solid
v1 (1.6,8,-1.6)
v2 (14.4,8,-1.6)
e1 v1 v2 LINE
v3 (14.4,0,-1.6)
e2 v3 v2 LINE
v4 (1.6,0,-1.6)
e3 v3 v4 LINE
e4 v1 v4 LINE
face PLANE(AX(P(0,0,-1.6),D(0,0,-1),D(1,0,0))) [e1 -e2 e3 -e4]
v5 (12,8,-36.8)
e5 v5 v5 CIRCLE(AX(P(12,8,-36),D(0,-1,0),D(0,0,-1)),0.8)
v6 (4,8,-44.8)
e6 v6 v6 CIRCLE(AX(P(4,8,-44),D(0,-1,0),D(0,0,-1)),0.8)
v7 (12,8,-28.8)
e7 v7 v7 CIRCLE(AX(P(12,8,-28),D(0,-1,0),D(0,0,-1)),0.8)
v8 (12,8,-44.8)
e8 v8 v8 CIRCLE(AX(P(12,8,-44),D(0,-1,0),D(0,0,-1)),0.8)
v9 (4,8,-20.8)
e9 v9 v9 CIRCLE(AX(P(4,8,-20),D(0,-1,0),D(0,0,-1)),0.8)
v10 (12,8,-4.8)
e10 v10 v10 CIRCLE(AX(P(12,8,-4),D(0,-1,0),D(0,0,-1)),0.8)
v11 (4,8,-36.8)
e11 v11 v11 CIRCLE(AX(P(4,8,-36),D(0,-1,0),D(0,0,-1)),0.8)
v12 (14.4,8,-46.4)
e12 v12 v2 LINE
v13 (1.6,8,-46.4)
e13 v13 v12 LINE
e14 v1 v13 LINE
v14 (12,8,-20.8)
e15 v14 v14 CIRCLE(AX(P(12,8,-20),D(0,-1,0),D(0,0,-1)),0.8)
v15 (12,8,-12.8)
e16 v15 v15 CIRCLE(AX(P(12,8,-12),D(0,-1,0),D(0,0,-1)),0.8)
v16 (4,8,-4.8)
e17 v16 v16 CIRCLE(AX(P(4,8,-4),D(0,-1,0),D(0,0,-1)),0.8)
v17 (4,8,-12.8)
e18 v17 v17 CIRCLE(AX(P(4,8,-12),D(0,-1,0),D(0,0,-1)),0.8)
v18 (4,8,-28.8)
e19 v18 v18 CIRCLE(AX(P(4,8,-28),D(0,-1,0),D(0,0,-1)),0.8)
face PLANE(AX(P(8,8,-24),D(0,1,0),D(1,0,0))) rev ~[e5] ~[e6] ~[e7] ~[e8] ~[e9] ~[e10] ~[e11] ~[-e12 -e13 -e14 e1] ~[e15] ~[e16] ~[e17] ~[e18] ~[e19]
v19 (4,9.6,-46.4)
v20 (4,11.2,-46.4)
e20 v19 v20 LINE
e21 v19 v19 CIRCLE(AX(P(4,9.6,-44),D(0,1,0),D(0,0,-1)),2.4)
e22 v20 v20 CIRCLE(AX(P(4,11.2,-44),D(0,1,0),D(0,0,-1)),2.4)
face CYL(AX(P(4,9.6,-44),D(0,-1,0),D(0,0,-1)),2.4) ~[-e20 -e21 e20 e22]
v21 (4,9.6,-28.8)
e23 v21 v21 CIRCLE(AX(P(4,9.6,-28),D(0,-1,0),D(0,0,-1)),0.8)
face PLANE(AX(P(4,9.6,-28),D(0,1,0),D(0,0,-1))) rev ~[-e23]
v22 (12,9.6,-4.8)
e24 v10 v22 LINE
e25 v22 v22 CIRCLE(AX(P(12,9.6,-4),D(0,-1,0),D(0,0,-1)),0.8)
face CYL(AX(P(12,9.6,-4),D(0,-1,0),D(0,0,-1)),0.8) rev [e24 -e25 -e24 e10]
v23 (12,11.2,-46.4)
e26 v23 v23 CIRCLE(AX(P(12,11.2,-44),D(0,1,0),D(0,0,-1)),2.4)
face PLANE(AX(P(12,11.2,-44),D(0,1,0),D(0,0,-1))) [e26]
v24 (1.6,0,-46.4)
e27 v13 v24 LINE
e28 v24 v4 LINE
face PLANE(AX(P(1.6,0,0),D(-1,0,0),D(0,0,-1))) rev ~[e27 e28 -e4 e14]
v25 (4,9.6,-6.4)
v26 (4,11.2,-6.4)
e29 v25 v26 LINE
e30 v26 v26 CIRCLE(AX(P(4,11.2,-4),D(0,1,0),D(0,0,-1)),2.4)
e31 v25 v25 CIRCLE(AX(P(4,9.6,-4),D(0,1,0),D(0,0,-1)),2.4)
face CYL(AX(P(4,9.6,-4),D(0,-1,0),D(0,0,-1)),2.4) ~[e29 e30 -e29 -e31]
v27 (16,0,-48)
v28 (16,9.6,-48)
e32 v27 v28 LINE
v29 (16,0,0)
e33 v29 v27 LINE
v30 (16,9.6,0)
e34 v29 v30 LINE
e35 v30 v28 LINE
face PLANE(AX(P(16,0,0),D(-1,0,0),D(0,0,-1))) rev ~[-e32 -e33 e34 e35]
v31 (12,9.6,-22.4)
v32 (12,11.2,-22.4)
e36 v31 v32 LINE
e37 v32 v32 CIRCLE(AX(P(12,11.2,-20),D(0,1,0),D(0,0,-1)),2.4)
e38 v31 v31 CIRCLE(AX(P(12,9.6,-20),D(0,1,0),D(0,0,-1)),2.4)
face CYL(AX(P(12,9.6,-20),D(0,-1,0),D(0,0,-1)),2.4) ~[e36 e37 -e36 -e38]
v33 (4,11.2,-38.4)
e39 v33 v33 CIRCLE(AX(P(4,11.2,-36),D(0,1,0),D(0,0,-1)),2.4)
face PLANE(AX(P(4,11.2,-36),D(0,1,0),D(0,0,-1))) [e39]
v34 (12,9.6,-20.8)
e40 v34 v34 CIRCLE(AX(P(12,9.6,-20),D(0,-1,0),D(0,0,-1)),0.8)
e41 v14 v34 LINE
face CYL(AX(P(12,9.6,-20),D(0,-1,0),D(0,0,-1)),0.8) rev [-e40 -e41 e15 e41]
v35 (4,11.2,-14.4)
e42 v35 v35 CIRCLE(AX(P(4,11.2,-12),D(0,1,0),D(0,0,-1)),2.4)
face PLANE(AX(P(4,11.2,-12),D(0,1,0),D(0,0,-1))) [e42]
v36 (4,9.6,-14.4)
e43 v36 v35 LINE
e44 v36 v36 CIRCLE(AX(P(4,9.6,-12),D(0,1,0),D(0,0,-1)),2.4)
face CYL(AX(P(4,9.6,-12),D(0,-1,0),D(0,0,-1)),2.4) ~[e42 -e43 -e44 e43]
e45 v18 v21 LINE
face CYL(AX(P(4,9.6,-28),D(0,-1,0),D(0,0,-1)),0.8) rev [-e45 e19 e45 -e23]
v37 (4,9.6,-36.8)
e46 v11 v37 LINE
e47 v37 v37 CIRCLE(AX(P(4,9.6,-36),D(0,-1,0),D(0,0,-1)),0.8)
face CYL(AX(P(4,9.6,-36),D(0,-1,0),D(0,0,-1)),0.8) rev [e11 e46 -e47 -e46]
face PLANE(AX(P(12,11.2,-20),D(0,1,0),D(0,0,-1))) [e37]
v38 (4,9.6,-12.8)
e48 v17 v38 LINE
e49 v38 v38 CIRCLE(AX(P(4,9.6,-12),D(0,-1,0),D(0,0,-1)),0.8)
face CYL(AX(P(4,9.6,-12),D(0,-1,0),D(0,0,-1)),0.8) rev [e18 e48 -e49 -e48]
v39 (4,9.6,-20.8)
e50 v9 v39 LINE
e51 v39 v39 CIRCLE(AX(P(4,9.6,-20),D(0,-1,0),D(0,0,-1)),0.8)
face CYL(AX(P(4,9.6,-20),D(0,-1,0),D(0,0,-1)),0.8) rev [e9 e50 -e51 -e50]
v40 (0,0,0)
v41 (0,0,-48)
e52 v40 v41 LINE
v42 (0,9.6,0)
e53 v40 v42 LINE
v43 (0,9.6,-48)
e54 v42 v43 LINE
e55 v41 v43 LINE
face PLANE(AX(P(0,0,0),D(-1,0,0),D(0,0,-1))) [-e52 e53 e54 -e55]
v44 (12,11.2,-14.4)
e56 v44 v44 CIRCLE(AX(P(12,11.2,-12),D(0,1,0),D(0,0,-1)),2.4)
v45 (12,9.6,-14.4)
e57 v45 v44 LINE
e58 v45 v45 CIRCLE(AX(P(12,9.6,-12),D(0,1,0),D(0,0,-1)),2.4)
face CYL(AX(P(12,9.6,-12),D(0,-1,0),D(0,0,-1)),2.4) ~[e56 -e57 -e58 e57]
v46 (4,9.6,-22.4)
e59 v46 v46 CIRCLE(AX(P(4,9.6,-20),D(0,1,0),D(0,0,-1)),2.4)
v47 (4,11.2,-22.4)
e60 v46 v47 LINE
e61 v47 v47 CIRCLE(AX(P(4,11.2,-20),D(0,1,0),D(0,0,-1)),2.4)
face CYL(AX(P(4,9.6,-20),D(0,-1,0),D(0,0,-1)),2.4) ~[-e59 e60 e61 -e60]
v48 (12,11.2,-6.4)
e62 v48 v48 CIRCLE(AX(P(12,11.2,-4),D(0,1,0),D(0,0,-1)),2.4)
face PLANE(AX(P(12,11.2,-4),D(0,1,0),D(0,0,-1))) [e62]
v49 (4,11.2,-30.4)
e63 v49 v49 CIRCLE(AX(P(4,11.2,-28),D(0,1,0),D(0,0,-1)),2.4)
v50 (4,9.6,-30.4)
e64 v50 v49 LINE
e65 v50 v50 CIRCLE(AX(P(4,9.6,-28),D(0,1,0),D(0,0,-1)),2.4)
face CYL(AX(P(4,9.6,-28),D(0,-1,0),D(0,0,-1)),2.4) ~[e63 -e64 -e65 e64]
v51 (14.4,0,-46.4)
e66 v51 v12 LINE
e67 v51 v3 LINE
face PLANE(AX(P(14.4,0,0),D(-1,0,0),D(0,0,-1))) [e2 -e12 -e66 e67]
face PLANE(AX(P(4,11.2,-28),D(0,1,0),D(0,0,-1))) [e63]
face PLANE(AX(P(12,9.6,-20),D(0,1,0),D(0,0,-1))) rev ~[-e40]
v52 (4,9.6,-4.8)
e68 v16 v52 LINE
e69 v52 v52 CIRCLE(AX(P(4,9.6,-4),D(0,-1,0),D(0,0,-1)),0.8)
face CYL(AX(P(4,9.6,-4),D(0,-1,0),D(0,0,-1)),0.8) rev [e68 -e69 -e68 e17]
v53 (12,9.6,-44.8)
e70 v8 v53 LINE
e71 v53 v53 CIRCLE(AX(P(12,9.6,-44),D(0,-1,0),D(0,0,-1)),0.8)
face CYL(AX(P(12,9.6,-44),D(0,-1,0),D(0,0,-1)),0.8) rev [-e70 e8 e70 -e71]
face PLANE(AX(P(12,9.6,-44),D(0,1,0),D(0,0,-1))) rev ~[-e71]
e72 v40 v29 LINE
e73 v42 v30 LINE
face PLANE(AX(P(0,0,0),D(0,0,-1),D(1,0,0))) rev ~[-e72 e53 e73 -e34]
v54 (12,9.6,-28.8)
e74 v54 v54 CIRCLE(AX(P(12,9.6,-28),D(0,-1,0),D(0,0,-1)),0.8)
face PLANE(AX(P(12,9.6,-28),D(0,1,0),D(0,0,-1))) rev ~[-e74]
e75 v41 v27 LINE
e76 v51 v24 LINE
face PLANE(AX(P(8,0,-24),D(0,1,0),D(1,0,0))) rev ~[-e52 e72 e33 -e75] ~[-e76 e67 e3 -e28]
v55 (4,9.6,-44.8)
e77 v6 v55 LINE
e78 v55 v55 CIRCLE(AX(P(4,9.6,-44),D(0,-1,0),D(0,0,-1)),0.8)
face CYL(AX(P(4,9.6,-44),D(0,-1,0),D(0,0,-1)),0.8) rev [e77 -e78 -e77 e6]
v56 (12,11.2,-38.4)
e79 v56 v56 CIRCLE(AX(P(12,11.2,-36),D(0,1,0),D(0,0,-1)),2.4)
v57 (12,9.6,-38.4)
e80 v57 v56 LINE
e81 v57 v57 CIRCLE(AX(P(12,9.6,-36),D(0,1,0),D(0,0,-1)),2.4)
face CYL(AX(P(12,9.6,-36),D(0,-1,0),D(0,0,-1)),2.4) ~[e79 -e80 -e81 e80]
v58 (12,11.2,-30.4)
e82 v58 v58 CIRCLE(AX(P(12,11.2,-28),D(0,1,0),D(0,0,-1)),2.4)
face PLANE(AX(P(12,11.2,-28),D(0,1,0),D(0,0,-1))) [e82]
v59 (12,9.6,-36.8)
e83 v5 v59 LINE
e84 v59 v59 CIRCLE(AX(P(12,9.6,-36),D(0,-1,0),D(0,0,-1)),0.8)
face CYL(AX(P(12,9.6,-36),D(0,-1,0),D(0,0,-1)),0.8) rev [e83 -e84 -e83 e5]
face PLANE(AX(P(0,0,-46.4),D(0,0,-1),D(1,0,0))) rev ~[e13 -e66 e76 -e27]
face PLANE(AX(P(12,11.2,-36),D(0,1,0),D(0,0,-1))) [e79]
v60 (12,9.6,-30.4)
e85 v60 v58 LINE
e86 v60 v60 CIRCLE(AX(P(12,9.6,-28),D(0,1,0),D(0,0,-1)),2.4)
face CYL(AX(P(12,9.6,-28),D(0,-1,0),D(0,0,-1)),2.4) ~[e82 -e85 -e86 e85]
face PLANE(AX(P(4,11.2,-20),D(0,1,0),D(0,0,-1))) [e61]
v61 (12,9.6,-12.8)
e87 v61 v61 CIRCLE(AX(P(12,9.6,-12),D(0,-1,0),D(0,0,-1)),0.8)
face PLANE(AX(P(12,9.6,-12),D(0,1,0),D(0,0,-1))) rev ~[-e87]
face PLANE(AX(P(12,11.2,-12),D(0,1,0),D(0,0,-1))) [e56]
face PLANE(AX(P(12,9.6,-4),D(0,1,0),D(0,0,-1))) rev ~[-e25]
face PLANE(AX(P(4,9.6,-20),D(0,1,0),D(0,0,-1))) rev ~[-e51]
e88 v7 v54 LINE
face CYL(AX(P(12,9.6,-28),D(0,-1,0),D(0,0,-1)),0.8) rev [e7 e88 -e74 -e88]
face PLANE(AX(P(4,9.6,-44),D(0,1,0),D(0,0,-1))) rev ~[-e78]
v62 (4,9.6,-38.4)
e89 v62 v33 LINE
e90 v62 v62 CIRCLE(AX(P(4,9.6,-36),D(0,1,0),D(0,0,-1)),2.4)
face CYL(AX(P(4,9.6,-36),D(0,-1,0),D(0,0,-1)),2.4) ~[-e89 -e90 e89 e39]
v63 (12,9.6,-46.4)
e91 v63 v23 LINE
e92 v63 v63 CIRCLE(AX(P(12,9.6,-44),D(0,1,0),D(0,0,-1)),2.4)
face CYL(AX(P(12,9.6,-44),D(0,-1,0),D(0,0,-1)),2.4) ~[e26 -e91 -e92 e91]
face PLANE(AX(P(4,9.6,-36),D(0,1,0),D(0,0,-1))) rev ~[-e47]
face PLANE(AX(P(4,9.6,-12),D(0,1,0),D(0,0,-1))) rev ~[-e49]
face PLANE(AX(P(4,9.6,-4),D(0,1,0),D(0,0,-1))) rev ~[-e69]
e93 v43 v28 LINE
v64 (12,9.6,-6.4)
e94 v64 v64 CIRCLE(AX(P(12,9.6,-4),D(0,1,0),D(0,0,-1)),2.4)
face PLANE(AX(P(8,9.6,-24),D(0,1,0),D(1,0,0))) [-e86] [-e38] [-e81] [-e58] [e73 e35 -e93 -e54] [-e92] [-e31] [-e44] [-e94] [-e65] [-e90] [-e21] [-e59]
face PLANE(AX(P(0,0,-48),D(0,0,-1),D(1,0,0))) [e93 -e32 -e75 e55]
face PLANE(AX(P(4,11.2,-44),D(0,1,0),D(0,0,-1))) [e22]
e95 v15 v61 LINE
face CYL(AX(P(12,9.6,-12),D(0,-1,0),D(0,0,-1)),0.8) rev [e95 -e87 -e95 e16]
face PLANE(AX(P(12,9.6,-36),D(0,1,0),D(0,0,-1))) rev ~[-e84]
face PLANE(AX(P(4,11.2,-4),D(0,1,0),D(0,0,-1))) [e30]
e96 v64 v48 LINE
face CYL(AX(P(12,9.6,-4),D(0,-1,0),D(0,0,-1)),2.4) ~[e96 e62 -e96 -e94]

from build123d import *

# Parameters (mm, degrees)
SKETCH1_W            = 16
SKETCH1_H            = 48
BOSS_EXTRUDE1_DEPTH  = 9.6
SKETCH2_R            = 2.4
BOSS_EXTRUDE2_DEPTH  = 1.6
LPATTERN1_COUNT      = 2
LPATTERN1_PITCH      = 8
LPATTERN1_COUNT_DIR2 = 6
LPATTERN1_PITCH_DIR2 = 8
SHELL1_T             = -1.6


with BuildPart() as part:
    # Sketch1 → Boss-Extrude1 (new body)
    with BuildSketch(Plane(origin=(0, 0, 0), x_dir=(1, 0, 0), z_dir=(0, 1, 0))):
        with Locations((8, 24)):
            Rectangle(SKETCH1_W, SKETCH1_H)
    extrude(amount=BOSS_EXTRUDE1_DEPTH)

    # Sketch2 → Boss-Extrude2 (add)
    with BuildSketch(Plane(origin=(0, 9.6, 0), x_dir=(1, 0, 0), z_dir=(0, 1, 0))):
        with Locations(Location((12, 4, 0), (0, 0, 90))):
            Circle(SKETCH2_R)
    boss_extrude2 = extrude(amount=BOSS_EXTRUDE2_DEPTH)

    # LPattern1: Boss-Extrude2 2 × 6
    with Locations(*[(-i * LPATTERN1_PITCH, 0, -j * LPATTERN1_PITCH_DIR2) for i in range(LPATTERN1_COUNT) for j in range(LPATTERN1_COUNT_DIR2) if (i, j) != (0, 0)]):
        add(boss_extrude2)

    # Shell1
    shell1_openings = [part.faces().sort_by_distance(p)[0] for p in [
        (8, 0, -24),
    ]]
    offset(amount=SHELL1_T, openings=shell1_openings, kind=Kind.INTERSECTION)


solid = part.part
